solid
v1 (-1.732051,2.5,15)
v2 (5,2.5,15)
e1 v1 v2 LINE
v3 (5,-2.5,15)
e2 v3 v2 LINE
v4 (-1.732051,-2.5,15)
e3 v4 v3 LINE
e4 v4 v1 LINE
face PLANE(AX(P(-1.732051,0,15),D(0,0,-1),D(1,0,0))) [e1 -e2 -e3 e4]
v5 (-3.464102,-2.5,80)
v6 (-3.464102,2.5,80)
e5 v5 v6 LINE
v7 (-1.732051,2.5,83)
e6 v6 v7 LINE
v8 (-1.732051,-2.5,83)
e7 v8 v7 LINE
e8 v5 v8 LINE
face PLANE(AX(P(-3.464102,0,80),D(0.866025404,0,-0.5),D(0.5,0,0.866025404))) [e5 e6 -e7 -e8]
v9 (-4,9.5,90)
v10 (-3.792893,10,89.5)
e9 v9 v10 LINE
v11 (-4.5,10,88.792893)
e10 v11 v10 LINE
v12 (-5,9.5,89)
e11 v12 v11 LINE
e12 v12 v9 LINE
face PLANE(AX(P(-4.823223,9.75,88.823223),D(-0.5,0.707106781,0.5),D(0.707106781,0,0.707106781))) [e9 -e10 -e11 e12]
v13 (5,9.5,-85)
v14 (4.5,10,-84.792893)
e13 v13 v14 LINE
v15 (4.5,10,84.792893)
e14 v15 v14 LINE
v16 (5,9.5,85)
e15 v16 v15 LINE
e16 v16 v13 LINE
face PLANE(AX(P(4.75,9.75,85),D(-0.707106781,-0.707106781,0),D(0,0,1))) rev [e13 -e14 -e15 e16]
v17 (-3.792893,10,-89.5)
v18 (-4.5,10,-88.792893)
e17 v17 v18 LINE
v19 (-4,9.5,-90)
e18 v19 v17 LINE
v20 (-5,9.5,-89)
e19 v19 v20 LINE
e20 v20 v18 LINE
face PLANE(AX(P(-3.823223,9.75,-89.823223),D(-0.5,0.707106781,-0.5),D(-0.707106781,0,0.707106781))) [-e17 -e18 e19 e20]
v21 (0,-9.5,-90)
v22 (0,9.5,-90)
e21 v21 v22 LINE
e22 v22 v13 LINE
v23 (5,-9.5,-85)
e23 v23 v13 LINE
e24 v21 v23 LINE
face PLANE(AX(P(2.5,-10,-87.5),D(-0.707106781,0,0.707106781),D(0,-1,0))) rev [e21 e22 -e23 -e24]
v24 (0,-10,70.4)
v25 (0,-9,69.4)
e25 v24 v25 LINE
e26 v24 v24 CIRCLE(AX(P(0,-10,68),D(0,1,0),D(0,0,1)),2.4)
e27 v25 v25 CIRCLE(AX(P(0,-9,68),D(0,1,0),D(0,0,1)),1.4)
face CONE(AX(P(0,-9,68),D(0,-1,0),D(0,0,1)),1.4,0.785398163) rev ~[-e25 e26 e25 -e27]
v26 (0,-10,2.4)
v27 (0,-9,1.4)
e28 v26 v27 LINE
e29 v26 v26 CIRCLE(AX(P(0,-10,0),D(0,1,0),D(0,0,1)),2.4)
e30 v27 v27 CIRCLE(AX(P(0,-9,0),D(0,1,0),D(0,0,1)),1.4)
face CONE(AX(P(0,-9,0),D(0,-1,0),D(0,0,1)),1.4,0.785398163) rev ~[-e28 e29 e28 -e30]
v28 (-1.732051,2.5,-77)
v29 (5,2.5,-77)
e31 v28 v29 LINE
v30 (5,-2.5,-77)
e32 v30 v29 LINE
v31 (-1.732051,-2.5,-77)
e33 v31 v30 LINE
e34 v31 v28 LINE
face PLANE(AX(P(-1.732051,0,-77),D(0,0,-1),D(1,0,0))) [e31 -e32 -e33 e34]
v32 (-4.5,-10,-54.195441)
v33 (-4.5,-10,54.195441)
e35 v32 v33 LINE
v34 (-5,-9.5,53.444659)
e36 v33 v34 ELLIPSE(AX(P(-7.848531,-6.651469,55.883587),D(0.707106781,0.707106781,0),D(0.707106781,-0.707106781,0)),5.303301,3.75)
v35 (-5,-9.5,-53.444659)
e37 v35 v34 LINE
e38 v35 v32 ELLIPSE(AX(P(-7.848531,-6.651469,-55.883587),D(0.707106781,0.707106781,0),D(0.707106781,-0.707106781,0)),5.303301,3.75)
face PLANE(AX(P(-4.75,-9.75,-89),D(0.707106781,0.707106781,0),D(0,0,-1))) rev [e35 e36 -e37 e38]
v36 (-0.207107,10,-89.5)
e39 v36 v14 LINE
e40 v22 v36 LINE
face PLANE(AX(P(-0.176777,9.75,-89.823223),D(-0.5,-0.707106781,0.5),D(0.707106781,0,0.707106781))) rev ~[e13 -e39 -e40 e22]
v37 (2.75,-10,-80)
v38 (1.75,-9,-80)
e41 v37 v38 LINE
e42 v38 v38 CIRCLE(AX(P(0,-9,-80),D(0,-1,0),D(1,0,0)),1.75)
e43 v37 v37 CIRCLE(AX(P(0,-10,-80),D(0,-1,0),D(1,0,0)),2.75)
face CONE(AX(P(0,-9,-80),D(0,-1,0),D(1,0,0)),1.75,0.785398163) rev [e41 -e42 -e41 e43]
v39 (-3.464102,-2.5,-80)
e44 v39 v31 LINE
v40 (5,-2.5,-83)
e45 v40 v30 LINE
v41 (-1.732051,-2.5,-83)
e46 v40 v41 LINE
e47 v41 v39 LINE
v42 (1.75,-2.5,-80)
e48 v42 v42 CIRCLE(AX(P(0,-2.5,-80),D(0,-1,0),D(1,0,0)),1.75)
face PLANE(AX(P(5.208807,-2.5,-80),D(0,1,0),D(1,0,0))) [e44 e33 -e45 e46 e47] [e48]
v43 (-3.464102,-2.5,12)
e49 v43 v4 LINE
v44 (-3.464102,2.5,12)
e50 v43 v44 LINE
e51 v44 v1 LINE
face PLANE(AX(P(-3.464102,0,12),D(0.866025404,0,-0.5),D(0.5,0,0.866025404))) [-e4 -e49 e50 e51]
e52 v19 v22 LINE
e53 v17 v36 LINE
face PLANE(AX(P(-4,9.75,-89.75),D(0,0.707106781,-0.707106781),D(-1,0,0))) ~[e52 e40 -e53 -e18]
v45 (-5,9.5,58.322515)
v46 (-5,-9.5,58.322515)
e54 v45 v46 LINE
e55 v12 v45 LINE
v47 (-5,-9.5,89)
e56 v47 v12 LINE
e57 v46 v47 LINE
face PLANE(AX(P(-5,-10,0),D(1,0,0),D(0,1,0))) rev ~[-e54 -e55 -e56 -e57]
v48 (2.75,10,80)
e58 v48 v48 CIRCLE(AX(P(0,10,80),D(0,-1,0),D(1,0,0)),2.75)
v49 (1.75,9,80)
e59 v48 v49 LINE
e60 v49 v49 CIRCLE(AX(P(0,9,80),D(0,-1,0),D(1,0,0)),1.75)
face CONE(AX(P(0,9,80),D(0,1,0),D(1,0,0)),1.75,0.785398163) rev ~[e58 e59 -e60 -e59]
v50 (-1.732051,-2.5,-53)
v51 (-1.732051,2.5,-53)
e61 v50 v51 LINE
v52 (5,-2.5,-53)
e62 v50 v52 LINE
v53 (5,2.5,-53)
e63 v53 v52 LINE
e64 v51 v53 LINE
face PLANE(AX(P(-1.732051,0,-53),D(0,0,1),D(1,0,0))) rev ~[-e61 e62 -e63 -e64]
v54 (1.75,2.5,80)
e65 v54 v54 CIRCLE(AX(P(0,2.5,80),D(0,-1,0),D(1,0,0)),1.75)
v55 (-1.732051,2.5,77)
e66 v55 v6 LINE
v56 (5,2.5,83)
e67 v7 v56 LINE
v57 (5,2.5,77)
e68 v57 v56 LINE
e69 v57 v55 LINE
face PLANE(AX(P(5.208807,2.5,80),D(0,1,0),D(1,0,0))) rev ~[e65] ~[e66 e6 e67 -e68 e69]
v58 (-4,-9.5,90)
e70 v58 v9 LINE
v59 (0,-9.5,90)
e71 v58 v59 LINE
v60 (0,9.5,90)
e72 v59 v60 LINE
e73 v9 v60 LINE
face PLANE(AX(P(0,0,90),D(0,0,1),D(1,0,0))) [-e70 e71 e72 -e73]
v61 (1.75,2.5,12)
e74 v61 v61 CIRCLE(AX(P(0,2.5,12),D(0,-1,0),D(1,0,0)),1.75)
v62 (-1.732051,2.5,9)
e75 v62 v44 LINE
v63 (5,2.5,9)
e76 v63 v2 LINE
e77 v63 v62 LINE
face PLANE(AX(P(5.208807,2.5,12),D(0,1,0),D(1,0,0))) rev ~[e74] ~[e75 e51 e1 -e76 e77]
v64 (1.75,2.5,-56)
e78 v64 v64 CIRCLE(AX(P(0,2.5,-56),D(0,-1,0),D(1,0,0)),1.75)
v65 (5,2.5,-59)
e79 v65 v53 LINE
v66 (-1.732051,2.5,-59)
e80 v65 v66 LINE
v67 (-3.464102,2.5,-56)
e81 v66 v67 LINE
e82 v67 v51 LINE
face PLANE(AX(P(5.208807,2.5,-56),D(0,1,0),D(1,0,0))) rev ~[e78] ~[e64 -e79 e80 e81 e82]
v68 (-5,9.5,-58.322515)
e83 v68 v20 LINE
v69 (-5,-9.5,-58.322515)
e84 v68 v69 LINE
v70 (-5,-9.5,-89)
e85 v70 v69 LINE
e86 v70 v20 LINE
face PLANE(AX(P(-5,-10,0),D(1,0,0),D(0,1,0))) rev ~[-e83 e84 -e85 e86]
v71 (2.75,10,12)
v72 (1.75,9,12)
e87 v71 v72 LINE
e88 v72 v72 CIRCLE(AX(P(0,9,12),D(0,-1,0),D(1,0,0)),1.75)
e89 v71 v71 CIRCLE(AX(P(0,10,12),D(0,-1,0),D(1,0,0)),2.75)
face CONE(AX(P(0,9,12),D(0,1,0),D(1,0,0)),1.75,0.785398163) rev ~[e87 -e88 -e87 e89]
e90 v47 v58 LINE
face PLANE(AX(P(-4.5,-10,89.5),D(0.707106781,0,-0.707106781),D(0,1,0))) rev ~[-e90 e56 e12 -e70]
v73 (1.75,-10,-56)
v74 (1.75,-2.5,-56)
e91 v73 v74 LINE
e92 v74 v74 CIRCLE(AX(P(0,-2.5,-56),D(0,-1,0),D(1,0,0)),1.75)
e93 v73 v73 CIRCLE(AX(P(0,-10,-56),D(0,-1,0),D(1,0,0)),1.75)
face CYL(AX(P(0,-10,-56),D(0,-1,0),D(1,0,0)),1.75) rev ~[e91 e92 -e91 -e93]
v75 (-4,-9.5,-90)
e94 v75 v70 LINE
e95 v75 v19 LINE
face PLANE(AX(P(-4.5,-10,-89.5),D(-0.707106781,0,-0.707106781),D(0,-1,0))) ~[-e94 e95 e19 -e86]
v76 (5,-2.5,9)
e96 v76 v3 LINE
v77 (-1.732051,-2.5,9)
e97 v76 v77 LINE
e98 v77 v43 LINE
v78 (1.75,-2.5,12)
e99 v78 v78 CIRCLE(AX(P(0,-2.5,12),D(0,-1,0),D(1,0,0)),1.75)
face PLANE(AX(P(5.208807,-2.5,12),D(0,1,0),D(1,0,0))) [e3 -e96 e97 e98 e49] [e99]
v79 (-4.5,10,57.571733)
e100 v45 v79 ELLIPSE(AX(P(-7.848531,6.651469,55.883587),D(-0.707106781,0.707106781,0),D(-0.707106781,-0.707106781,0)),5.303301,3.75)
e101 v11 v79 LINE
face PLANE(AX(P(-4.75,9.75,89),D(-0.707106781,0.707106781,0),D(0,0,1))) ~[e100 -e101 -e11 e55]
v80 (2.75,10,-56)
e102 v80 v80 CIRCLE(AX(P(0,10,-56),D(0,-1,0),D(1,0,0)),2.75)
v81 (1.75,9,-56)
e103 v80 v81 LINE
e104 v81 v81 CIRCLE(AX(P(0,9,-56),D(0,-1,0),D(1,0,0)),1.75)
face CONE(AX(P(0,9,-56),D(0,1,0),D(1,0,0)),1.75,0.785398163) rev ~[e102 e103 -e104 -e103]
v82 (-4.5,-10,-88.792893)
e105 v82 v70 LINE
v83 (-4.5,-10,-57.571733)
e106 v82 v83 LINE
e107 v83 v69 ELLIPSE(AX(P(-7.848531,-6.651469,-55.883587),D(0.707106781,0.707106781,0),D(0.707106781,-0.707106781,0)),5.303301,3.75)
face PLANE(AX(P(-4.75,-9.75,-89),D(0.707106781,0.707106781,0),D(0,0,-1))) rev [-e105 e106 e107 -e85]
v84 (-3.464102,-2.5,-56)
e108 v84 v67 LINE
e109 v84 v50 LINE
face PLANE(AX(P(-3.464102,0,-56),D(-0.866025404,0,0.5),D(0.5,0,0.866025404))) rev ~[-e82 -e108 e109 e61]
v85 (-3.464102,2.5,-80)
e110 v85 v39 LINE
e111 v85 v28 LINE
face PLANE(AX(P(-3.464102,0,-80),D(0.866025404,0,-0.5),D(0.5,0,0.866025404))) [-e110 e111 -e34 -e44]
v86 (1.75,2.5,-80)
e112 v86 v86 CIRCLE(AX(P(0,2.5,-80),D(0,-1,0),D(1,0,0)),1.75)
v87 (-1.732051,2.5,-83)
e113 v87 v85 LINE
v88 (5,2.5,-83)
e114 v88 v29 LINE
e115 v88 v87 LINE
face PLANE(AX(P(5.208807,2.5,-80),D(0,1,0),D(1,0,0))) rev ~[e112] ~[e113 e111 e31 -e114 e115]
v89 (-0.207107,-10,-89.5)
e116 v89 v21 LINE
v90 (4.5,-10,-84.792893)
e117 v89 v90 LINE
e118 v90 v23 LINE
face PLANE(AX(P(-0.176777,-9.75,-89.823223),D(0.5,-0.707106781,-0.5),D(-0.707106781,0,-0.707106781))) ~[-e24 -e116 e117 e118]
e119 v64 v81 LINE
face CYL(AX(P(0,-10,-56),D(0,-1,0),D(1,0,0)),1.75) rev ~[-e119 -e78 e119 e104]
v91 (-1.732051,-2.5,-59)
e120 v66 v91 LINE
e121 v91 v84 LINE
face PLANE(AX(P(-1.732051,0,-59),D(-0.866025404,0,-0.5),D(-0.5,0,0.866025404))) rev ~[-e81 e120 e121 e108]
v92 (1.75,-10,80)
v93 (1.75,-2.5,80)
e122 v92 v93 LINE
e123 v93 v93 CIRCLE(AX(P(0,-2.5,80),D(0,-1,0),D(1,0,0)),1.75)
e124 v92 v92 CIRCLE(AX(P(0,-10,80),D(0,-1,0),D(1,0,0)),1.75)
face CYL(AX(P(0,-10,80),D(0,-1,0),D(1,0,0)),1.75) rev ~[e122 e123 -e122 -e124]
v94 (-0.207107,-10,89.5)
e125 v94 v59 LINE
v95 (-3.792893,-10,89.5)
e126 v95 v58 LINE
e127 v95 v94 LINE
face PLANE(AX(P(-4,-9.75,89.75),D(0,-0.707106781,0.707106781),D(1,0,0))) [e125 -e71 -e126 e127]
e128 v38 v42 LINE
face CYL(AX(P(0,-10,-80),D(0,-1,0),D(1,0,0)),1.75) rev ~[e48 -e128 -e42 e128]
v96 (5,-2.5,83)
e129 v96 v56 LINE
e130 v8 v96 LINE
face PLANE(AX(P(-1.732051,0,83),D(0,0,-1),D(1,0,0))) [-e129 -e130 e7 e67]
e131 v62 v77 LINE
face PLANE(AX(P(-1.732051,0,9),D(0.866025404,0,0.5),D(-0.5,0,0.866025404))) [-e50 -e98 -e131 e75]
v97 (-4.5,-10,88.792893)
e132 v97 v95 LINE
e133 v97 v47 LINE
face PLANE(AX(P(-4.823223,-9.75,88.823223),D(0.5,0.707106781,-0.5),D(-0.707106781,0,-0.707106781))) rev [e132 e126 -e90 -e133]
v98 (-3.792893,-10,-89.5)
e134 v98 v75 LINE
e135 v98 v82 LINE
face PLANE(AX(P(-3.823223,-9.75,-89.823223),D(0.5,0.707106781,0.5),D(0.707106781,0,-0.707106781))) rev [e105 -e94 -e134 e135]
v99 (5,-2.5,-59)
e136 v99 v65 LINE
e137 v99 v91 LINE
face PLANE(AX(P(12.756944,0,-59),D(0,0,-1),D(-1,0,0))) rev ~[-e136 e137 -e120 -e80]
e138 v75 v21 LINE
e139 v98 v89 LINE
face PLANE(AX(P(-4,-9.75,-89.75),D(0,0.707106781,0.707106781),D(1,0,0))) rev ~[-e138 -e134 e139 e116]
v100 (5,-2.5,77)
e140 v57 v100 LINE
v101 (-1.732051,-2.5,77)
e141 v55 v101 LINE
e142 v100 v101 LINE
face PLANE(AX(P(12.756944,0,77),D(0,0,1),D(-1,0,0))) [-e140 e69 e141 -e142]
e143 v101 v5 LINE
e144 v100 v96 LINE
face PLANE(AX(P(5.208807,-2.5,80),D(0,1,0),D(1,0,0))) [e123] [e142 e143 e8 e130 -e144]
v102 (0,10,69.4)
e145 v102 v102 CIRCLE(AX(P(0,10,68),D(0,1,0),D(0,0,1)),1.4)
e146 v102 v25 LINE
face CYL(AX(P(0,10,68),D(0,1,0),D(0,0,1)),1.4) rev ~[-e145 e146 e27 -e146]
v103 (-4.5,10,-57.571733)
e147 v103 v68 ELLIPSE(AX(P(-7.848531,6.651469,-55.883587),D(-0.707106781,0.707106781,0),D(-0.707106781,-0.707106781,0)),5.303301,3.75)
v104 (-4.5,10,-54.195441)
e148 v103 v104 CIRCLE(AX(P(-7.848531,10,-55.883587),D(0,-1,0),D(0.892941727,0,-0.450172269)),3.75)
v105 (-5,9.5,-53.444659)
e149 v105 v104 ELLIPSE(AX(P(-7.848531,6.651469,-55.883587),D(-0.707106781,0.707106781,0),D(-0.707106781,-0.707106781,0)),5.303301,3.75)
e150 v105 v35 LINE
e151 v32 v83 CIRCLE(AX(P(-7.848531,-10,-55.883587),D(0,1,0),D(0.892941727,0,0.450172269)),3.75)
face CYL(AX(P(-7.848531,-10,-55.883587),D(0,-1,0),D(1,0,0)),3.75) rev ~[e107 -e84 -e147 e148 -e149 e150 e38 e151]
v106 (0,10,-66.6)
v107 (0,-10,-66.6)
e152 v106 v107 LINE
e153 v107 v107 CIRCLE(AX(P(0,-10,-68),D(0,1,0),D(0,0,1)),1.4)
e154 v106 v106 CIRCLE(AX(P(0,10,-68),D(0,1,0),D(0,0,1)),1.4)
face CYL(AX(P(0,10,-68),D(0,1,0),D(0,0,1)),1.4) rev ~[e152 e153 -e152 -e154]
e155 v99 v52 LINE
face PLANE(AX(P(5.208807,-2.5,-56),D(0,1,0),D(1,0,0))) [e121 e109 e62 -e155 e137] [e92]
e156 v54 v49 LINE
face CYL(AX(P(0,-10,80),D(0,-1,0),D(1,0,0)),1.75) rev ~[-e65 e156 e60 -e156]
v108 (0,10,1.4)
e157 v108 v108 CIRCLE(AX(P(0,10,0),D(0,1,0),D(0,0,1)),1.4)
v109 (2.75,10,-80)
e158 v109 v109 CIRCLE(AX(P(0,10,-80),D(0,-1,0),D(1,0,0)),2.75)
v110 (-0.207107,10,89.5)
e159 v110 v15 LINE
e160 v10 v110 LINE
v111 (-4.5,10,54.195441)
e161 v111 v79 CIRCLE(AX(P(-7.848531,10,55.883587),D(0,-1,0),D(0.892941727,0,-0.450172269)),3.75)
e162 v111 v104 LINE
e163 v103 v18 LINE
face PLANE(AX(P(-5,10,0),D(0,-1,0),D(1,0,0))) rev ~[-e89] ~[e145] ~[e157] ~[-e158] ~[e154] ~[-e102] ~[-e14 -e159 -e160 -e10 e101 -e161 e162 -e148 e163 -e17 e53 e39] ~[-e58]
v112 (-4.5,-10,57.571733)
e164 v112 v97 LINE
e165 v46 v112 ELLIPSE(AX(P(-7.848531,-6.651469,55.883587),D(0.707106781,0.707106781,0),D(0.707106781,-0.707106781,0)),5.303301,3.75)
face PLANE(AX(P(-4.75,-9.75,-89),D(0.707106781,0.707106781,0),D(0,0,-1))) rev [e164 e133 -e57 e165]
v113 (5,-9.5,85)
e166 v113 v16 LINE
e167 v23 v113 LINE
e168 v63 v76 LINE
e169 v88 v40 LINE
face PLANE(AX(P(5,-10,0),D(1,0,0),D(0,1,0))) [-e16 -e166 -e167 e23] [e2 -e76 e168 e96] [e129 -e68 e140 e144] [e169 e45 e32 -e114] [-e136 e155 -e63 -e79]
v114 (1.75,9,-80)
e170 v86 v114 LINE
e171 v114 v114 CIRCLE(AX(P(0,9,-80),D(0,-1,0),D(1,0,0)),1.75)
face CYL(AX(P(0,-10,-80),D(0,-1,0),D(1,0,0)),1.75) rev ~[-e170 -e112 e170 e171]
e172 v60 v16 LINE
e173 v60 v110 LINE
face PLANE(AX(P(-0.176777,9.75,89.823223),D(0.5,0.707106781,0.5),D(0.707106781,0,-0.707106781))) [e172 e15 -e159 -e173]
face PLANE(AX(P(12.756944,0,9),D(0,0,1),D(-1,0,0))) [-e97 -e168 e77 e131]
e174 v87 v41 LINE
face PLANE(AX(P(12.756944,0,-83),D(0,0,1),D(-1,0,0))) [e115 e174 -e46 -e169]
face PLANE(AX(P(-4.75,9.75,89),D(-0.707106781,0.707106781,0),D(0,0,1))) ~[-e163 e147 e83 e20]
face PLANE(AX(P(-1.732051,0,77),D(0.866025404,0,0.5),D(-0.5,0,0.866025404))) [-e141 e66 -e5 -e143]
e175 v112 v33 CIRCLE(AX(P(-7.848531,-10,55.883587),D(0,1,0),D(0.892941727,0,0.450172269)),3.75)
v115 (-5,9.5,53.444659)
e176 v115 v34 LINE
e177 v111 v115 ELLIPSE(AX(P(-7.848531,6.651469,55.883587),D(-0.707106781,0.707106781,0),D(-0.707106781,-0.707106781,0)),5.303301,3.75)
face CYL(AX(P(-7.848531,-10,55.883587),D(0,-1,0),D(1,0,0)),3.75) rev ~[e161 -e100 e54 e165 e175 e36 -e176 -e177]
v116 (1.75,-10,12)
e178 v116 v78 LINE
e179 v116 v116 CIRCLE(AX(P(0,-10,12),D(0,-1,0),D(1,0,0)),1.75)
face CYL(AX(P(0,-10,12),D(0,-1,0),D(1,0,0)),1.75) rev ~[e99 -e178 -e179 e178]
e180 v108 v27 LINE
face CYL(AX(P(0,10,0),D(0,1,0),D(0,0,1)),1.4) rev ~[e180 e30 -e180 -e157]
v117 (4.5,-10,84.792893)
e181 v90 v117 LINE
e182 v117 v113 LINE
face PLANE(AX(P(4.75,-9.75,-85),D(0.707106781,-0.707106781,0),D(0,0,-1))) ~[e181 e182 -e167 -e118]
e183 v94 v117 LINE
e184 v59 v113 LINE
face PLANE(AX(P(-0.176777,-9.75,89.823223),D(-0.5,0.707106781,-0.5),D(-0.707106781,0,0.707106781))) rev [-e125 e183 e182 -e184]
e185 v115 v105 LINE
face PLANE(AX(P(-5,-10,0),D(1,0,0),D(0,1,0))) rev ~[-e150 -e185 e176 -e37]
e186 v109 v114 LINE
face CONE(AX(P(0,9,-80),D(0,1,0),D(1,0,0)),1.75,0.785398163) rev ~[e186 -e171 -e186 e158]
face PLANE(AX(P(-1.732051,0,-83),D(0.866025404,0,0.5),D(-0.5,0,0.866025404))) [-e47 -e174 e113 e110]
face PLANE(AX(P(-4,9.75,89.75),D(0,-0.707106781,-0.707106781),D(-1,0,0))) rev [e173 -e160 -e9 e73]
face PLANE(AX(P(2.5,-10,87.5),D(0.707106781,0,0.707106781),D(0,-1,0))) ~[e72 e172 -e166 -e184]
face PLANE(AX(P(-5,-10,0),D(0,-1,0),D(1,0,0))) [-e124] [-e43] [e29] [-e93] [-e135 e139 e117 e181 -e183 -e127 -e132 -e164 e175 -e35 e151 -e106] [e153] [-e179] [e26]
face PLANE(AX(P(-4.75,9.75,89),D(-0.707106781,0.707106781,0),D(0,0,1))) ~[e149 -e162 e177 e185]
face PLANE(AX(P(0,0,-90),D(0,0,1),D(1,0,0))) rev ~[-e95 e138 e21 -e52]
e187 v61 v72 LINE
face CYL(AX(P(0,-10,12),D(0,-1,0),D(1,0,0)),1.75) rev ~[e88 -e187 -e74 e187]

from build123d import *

# Parameters (mm, degrees)
SKETCH1_W           = 10
SKETCH1_H           = 20
BOSS_EXTRUDE1_DEPTH = 90
SKETCH6_R           = 1.75
CUT_EXTRUDE4_DEPTH  = 93.330926563
SKETCH7_R           = 1.4
CUT_EXTRUDE5_DEPTH  = 93.330926563
CUT_EXTRUDE6_START  = -10
CUT_EXTRUDE6_DEPTH  = 2.5
CHAMFER2_SIZE       = 5
CHAMFER3_SIZE       = 1
CHAMFER4_SIZE       = 0.5
CHAMFER5_SIZE       = 0.5
SKETCH10_R          = 3.75
CUT_EXTRUDE7_DEPTH  = 93.330926563


with BuildPart() as part:
    # Sketch1 → Boss-Extrude1 (new, symmetric)
    with BuildSketch(Plane.XY):
        Rectangle(SKETCH1_W, SKETCH1_H)
    extrude(amount=BOSS_EXTRUDE1_DEPTH, both=True)

    # Sketch6 → Cut-Extrude4 (cut, through all)
    with BuildSketch(Plane.XZ.offset(10)):
        with Locations((0, 80)):
            Circle(SKETCH6_R)
        with Locations((0, -80)):
            Circle(SKETCH6_R)
        with Locations((0, 12)):
            Circle(SKETCH6_R)
        with Locations((0, -56)):
            Circle(SKETCH6_R)
    extrude(amount=-CUT_EXTRUDE4_DEPTH, mode=Mode.SUBTRACT)

    # Sketch7 → Cut-Extrude5 (cut, through all)
    with BuildSketch(Plane(origin=(0, 10, 0), x_dir=(1, 0, 0), z_dir=(0, 1, 0))):
        with Locations(Location((0, 68, 0), (0, 0, 270))):
            Circle(SKETCH7_R)
        with Locations(Location((0, 0, 0), (0, 0, 270))):
            Circle(SKETCH7_R)
        with Locations(Location((0, -68, 0), (0, 0, 270))):
            Circle(SKETCH7_R)
    extrude(amount=-CUT_EXTRUDE5_DEPTH, mode=Mode.SUBTRACT)

    # Sketch9 → Cut-Extrude6 (cut, symmetric)
    with BuildSketch(Plane(origin=(0, 10, 0), x_dir=(1, 0, 0), z_dir=(0, 1, 0)).offset(CUT_EXTRUDE6_START)):
        Polygon((1.732050808, -77), (-1.732050808, -77), (-3.464101615, -80), (-1.732050808, -83), (1.732050808, -83), (12.756943772, -83), (12.756943772, -77), align=None)
        Polygon((-3.464101615, 80), (-1.732050808, 77), (1.732050808, 77), (12.756943772, 77), (12.756943772, 83), (1.732050808, 83), (-1.732050808, 83), align=None)
        Polygon((1.732050808, -9), (-1.732050808, -9), (-3.464101615, -12), (-1.732050808, -15), (1.732050808, -15), (12.756943772, -15), (12.756943772, -9), align=None)
        Polygon((1.732050808, 59), (-1.732050808, 59), (-3.464101615, 56), (-1.732050808, 53), (1.732050808, 53), (12.756943772, 53), (12.756943772, 59), align=None)
    extrude(amount=CUT_EXTRUDE6_DEPTH, both=True, mode=Mode.SUBTRACT)

    # Chamfer2
    chamfer2_edges = [part.edges().sort_by_distance(p)[0] for p in [
        (5, 0, 90),
        (5, 0, -90),
    ]]
    chamfer(chamfer2_edges, length=CHAMFER2_SIZE)

    # Chamfer3
    chamfer3_edges = [part.edges().sort_by_distance(p)[0] for p in [
        (-1.75, 10, 80),
        (-1.75, 10, -56),
        (-1.75, 10, 12),
        (-1.75, 10, -80),
        (-1.75, -10, -80),
        (0, -10, -1.4),
        (0, -10, 66.6),
        (-5, 0, 90),
        (-5, 0, -90),
    ]]
    chamfer(chamfer3_edges, length=CHAMFER3_SIZE)

    # Chamfer4
    chamfer4_edges = [part.edges().sort_by_distance(p)[0] for p in [
        (5, -10, 0),
        (2.5, -10, 87.5),
        (2.5, -10, -87.5),
        (-2, -10, -90),
        (-2, -10, 90),
        (-5, -10, 0),
        (-4.5, -10, 89.5),
        (-4.5, -10, -89.5),
    ]]
    chamfer(chamfer4_edges, length=CHAMFER4_SIZE)

    # Chamfer5
    chamfer5_edges = [part.edges().sort_by_distance(p)[0] for p in [
        (5, 10, 0),
        (-2, 10, -90),
        (-2, 10, 90),
        (2.5, 10, 87.5),
        (2.5, 10, -87.5),
        (-5, 10, 0),
        (-4.5, 10, 89.5),
        (-4.5, 10, -89.5),
    ]]
    chamfer(chamfer5_edges, length=CHAMFER5_SIZE)

    # Sketch10 → Cut-Extrude7 (cut, through all)
    with BuildSketch(Plane.XZ.offset(10)):
        with Locations((-7.848531477, -55.883586947)):
            Circle(SKETCH10_R)
        with Locations((-7.848531477, 55.883586947)):
            Circle(SKETCH10_R)
    extrude(amount=-CUT_EXTRUDE7_DEPTH, mode=Mode.SUBTRACT)


solid = part.part
